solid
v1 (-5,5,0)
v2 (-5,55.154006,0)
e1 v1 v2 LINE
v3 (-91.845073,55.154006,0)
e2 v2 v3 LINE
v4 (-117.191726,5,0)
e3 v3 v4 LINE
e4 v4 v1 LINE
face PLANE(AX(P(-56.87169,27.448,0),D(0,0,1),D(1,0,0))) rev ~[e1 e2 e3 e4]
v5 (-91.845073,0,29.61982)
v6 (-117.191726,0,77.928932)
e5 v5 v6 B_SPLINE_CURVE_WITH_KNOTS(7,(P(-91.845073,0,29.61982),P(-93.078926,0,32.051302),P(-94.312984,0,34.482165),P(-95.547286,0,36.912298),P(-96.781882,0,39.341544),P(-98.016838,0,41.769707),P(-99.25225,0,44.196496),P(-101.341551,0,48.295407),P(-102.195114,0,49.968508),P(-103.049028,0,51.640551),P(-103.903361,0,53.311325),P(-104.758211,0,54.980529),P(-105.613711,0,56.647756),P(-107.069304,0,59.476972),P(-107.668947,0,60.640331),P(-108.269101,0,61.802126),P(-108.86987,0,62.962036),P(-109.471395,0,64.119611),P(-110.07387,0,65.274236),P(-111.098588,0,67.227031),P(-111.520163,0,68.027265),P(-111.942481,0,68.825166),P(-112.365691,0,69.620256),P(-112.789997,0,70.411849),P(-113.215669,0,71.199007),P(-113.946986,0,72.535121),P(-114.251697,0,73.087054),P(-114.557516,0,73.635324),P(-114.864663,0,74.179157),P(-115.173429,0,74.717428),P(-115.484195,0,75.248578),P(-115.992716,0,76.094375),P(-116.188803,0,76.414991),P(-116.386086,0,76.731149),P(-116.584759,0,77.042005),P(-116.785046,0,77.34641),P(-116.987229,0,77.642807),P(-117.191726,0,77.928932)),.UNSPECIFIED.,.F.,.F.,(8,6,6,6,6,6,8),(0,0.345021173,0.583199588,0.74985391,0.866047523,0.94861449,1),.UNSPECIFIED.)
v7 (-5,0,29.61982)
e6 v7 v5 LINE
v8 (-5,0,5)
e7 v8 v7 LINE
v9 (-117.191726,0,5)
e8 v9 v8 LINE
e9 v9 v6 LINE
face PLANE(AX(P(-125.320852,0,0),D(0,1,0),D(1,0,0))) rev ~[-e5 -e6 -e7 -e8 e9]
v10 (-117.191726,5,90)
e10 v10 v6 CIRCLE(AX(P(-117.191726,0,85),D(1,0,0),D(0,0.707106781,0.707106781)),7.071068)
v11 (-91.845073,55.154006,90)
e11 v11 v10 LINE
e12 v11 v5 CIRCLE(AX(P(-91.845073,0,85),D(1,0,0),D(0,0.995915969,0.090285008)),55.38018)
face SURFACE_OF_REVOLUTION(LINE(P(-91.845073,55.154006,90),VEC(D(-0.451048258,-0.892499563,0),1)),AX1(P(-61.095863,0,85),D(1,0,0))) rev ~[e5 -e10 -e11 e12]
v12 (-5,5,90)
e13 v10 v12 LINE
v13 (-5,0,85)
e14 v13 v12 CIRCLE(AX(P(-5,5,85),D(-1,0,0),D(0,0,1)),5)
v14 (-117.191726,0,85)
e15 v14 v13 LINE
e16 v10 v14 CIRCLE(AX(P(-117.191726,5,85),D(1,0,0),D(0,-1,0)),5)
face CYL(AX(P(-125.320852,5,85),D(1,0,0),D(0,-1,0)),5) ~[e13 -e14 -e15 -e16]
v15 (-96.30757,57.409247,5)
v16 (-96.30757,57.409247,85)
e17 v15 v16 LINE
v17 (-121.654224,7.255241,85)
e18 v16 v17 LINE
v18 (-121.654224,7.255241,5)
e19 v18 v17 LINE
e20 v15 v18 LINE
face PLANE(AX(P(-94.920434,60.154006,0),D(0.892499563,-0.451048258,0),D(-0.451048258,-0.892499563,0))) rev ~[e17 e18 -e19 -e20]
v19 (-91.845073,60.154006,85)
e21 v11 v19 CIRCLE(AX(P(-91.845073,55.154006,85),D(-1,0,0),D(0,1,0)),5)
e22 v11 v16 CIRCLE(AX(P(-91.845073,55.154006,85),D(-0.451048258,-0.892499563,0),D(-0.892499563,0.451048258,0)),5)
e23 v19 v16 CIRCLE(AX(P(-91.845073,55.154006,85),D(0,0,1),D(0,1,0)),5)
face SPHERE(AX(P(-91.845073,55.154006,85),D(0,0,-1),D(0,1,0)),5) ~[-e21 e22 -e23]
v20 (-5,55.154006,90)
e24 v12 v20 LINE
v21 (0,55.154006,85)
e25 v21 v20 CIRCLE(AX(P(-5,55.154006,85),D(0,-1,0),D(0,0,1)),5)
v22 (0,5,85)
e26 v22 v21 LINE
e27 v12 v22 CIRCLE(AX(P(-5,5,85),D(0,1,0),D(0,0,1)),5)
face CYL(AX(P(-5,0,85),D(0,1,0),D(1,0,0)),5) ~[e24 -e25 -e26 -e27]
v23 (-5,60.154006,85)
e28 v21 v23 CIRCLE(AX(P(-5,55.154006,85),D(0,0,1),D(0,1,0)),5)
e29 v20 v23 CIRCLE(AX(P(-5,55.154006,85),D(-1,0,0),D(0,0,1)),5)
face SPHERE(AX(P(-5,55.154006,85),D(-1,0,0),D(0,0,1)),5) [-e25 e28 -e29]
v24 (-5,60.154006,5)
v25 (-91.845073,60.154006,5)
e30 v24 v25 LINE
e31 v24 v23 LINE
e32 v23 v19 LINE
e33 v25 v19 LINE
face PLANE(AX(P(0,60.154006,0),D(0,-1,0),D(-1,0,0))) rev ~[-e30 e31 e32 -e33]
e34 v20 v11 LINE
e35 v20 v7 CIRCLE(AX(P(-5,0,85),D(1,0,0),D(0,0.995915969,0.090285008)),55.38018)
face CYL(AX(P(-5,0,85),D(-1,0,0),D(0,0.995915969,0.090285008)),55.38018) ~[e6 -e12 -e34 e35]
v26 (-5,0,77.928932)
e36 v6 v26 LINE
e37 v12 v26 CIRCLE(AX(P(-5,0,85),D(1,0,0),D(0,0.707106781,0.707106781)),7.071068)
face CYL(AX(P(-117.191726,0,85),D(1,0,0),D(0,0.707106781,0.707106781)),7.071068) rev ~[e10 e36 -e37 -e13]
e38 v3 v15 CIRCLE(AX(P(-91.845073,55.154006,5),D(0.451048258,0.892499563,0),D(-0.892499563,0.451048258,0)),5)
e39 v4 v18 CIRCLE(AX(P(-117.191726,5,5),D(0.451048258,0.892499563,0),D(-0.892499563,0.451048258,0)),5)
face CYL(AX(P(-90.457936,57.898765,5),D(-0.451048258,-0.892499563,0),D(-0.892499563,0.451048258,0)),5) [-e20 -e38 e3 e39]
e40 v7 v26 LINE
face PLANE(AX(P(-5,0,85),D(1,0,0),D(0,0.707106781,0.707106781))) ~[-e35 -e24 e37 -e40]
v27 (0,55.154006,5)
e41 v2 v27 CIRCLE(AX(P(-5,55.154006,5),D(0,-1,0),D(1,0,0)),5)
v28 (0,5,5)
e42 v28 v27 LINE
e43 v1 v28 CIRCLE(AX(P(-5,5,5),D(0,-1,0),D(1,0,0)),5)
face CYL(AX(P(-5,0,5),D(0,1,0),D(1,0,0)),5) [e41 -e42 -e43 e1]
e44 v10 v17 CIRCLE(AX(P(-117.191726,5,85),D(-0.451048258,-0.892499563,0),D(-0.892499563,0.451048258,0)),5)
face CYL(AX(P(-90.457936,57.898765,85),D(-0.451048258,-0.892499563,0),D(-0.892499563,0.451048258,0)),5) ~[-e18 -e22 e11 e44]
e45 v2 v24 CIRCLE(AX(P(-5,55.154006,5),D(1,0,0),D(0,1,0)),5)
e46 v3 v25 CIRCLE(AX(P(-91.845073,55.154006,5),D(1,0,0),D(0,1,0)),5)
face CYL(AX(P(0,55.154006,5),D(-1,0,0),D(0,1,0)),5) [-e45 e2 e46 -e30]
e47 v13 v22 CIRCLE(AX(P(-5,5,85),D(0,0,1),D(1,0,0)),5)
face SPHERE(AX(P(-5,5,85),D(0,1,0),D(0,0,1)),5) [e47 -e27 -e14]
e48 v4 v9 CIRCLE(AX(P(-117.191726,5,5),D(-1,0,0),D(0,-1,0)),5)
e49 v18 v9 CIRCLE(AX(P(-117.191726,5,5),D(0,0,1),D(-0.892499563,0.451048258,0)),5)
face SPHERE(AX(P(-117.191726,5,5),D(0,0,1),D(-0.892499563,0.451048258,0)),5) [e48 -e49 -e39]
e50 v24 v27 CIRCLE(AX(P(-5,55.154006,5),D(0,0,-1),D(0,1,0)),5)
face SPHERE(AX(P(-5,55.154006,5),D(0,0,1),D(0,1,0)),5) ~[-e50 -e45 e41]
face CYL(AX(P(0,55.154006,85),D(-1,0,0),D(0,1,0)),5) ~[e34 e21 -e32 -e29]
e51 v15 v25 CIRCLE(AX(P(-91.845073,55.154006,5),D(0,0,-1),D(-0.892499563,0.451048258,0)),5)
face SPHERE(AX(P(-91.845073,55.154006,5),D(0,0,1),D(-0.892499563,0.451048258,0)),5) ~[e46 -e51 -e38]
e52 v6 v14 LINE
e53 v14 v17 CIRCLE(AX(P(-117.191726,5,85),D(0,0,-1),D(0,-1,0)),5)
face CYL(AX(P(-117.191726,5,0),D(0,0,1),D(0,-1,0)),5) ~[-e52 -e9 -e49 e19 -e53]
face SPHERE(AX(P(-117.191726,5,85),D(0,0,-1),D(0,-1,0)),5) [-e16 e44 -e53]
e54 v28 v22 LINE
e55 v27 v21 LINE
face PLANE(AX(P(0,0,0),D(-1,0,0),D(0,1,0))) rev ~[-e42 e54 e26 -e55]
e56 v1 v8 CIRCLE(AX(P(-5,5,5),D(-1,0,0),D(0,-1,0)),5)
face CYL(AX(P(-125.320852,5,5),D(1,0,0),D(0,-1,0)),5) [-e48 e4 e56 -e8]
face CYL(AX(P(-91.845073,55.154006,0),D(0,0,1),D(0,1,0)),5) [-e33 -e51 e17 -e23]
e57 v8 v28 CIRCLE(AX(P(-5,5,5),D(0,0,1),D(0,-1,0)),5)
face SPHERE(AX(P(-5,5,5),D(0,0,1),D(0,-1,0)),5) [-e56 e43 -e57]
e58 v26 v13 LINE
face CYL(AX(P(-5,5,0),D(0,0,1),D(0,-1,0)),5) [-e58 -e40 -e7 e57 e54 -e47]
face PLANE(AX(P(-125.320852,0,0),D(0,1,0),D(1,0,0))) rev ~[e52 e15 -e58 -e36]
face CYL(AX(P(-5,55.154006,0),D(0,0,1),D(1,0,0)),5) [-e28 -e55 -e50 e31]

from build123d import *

# Parameters (mm, degrees)
F1_DEPTH = 90
F2_R     = 5


with BuildPart() as f1:
    # F0 (on Top) → F1 (new body)
    with BuildSketch(Plane.XY):
        Polygon((-125.3208518028, 0), (0, 0), (0, 60.1540058851), (-94.9204340577, 60.1540058851), align=None)
    extrude(amount=F1_DEPTH)

    # F2
    f2_edges = [f1.edges().sort_by_distance(p)[0] for p in [
        (-47.460217, 60.154006, 90),
        (0, 30.077003, 90),
        (-62.660426, 0, 90),
        (-110.120643, 30.077003, 90),
        (0, 60.154006, 45),
        (0, 0, 45),
        (-94.920434, 60.154006, 45),
        (-125.320852, 0, 45),
        (-110.120643, 30.077003, 0),
        (-62.660426, 0, 0),
        (-47.460217, 60.154006, 0),
        (0, 30.077003, 0),
    ]]
    fillet(f2_edges, radius=F2_R)

    # F1_face (on face) → F3 (revolve)
    with BuildSketch(Plane(origin=(-55.0281837539, 29.0125128526, 90), x_dir=(1, 0, 0), z_dir=(0, 0, 1))):
        Polygon((50.0281837539, 26.1414930325), (-36.8168888954, 26.1414930325), (-62.1635421741, -24.0125128526), (50.0281837539, -24.0125128526), align=None)
    revolve(axis=Axis((-61.095862964, 0, 85), (1, 0, 0)))


solid = f1.part
